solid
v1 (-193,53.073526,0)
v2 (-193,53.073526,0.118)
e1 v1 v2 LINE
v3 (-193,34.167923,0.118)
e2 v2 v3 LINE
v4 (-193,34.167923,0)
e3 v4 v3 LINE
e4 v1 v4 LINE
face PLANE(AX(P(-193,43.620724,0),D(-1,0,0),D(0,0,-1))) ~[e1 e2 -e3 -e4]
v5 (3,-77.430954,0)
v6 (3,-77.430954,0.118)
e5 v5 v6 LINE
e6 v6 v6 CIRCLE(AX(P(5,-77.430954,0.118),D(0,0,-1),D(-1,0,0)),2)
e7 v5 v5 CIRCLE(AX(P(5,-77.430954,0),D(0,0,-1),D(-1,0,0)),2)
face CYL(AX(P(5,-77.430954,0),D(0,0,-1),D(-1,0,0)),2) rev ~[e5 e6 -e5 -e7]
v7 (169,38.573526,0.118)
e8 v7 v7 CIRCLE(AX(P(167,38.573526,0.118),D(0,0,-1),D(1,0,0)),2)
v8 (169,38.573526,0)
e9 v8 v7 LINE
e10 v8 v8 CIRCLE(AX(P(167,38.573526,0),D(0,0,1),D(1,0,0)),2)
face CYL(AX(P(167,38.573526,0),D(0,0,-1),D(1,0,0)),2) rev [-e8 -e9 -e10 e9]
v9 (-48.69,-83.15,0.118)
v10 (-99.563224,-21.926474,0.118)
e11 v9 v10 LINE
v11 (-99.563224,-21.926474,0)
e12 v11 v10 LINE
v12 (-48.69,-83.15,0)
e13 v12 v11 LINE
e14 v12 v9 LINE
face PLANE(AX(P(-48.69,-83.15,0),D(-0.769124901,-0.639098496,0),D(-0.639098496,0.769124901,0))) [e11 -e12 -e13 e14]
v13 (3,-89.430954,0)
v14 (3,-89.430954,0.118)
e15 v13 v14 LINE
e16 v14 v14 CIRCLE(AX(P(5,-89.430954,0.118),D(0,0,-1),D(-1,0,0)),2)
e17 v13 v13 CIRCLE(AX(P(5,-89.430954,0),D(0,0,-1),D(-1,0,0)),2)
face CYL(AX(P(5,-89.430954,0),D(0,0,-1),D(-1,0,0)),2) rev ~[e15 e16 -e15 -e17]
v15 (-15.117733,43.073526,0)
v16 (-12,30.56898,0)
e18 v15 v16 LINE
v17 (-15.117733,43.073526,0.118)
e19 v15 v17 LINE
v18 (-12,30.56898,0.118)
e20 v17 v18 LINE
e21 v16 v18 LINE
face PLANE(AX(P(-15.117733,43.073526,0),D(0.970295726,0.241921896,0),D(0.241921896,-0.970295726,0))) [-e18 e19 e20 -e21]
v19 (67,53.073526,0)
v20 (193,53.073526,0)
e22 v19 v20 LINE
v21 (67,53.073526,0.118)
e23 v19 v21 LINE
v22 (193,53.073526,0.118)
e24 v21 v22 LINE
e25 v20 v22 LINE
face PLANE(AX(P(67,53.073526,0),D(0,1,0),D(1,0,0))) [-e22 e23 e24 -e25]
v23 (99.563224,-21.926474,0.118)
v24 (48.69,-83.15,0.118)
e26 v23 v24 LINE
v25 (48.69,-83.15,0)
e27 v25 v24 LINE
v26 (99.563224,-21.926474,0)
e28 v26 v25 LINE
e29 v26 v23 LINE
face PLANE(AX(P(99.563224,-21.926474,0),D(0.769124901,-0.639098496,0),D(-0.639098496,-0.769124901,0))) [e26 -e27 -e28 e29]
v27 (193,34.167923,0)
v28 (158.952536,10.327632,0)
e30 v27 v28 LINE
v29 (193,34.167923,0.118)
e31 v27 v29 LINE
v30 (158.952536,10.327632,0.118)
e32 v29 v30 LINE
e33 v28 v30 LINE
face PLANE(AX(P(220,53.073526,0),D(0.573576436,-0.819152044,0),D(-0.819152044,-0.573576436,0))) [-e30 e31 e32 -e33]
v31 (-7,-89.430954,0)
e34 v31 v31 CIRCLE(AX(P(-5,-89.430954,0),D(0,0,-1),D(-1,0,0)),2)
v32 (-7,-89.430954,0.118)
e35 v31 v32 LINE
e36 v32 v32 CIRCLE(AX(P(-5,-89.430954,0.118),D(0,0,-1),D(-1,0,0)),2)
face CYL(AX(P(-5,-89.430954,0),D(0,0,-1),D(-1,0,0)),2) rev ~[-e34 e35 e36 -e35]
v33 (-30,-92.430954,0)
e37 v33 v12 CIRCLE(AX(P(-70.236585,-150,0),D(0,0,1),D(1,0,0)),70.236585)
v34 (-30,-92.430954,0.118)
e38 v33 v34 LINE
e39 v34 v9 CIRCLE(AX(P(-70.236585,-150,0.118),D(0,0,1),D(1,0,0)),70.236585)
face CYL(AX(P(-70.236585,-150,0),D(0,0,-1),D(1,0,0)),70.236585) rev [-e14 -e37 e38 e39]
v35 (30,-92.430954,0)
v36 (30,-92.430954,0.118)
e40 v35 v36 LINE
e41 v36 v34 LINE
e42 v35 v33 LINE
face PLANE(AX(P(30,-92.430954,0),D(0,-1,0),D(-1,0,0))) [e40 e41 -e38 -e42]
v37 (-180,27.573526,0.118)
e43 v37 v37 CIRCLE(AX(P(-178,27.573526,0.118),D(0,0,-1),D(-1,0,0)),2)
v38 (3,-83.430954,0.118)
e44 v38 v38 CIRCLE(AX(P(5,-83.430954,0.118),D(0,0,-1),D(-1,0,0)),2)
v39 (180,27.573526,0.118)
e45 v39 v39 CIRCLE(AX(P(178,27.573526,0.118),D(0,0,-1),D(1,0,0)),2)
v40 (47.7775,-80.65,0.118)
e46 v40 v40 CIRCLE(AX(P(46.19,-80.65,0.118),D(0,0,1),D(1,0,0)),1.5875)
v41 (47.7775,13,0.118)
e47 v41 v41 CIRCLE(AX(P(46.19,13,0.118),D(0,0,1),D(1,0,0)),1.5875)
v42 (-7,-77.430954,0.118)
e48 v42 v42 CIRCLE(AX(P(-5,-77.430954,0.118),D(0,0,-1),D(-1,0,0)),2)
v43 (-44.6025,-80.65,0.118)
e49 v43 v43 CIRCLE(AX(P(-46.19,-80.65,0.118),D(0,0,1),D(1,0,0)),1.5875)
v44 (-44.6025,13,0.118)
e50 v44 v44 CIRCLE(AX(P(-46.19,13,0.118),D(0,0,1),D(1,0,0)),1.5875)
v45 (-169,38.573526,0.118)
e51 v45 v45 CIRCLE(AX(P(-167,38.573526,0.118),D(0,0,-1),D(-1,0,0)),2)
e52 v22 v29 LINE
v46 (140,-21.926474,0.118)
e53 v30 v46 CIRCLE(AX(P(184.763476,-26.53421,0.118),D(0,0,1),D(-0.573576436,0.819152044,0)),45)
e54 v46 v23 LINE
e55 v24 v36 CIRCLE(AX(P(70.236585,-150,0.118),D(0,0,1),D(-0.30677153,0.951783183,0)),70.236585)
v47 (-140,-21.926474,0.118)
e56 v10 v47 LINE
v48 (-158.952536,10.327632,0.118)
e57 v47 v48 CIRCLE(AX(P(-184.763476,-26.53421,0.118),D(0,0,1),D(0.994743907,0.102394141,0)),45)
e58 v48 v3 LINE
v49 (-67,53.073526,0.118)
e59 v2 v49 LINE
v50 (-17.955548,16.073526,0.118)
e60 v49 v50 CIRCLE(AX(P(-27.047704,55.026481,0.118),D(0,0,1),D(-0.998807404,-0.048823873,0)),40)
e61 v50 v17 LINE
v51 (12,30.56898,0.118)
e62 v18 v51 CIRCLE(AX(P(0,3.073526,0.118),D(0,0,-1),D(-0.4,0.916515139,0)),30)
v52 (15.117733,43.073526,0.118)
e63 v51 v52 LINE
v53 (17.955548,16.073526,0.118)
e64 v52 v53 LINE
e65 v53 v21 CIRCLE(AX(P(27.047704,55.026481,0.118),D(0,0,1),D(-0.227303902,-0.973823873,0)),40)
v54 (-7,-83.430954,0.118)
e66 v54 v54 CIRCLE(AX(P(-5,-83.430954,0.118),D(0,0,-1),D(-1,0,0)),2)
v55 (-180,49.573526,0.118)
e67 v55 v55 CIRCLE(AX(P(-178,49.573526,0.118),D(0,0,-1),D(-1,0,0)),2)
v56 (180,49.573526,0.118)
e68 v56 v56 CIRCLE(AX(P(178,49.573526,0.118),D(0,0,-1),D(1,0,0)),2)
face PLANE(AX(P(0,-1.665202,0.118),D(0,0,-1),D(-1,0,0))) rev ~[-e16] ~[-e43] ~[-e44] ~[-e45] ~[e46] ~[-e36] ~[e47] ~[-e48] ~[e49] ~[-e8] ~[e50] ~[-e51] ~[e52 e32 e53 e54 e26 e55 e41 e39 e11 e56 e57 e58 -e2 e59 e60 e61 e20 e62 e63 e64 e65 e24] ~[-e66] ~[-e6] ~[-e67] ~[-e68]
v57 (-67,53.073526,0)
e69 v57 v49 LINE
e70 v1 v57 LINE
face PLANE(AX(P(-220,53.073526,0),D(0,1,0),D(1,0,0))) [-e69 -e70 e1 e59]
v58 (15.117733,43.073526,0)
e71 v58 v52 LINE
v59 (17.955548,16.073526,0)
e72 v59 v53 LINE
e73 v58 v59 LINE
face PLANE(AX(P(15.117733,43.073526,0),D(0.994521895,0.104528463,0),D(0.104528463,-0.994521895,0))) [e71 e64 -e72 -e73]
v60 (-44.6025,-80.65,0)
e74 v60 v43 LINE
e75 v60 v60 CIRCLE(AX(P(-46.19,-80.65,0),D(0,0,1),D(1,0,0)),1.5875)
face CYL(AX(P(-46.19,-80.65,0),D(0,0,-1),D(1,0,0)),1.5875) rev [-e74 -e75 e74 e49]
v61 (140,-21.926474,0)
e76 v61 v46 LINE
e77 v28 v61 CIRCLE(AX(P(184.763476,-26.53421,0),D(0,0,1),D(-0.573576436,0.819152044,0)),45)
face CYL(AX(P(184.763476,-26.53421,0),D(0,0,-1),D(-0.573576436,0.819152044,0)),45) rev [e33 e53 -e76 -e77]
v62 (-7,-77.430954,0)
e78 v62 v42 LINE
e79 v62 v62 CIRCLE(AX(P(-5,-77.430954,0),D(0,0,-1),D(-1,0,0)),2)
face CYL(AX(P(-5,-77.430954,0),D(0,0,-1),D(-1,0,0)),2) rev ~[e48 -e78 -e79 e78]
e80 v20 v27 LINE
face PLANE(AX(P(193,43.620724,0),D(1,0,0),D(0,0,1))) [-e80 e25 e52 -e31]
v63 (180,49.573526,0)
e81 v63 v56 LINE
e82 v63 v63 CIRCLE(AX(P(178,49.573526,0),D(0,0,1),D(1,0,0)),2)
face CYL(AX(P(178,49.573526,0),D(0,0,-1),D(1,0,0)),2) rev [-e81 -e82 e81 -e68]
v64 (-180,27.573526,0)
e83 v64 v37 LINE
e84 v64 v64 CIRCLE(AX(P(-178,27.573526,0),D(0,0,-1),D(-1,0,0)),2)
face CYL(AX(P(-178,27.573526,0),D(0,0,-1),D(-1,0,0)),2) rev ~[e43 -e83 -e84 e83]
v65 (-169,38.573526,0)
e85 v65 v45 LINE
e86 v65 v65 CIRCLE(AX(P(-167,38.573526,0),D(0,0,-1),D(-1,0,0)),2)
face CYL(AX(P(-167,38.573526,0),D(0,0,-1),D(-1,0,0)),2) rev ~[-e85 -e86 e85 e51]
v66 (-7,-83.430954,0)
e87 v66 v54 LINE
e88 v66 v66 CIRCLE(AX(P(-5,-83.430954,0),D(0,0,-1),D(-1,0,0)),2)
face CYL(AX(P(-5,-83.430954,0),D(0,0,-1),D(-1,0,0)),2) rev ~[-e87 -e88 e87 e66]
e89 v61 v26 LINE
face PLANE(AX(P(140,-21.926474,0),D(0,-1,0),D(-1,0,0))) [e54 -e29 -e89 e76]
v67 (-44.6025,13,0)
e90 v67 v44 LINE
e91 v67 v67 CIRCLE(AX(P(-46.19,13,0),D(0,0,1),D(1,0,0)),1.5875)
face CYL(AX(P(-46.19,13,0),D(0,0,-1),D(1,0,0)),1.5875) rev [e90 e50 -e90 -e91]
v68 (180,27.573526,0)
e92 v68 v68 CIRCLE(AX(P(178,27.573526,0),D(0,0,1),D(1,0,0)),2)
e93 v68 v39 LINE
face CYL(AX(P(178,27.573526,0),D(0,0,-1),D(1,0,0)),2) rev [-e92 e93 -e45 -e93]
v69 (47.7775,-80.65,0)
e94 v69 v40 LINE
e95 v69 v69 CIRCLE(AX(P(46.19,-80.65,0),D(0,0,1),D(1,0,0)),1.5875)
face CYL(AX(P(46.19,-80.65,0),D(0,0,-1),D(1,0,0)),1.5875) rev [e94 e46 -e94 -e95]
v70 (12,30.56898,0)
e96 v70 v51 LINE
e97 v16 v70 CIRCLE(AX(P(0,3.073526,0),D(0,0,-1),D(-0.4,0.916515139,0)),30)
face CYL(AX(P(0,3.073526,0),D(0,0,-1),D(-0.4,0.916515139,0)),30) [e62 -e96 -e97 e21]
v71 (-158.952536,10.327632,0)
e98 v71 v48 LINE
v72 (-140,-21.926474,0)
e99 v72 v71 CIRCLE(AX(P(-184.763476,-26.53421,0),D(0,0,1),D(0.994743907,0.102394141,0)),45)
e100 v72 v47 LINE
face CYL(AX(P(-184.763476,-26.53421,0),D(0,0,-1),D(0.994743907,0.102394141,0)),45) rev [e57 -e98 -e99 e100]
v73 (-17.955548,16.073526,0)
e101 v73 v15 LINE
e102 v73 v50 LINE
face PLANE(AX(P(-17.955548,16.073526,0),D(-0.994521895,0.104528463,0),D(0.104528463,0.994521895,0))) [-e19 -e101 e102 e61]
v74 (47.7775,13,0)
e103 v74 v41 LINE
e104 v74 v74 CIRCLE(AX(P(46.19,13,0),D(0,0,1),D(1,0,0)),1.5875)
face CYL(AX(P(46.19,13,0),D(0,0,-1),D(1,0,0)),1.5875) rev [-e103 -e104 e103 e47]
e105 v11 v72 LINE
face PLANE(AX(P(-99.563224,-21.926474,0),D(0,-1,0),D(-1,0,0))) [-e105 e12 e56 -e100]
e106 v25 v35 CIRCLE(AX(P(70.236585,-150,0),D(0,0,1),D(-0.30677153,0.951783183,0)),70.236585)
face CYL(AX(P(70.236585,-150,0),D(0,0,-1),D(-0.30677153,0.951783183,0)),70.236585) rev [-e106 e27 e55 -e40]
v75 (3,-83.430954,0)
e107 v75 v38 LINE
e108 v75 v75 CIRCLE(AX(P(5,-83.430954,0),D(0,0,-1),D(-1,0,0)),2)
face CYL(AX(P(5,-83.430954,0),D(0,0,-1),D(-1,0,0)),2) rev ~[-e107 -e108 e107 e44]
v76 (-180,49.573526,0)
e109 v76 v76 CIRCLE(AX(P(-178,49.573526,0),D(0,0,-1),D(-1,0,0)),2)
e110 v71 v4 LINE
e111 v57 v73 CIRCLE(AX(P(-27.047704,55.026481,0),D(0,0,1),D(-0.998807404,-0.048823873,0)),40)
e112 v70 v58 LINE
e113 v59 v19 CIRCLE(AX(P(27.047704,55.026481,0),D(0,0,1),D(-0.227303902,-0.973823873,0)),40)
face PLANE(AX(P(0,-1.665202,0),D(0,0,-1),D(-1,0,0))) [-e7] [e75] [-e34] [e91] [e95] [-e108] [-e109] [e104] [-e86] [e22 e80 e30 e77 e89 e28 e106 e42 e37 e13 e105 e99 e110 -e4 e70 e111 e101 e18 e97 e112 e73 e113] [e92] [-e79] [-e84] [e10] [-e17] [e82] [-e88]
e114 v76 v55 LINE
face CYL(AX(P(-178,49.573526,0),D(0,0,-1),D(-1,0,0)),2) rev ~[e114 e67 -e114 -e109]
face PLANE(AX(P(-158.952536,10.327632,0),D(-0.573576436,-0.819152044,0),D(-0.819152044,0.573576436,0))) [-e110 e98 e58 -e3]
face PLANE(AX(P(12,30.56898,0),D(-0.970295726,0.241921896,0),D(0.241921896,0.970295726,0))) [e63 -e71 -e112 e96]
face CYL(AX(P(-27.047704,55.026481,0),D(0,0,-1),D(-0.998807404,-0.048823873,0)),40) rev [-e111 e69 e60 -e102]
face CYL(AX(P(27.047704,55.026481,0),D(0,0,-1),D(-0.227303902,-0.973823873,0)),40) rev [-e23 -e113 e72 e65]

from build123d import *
from OCP.BRepFilletAPI import BRepFilletAPI_MakeChamfer

# Parameters (mm, degrees)
SKETCH2_R           = 1.5875
BOSS_EXTRUDE1_DEPTH = 0.118
SKETCH3_R           = 2
CUT_EXTRUDE1_DEPTH  = 267.27056526
CHAMFER1_SIZE       = 27
CHAMFER1_SIZE2      = 32.960913897
SKETCH4_W           = 60
SKETCH4_H           = 115.138092234
CUT_EXTRUDE2_DEPTH  = 245.436114198
SKETCH5_R           = 2
CUT_EXTRUDE3_DEPTH  = 214.991810964
LPATTERN1_COUNT     = 3
LPATTERN1_PITCH     = 6


with BuildPart() as part:
    # Sketch2 → Boss-Extrude1 (new body)
    with BuildSketch(Plane.XY):
        with BuildLine():
            Line((99.563224144, -21.926473835), (48.69, -83.15))
            ThreePointArc((48.69, -83.15), (13.462751156, -108.648946204), (0, -150))
            ThreePointArc((0, -150), (-13.462751156, -108.648946204), (-48.69, -83.15))
            Line((-48.69, -83.15), (-99.563224144, -21.926473835))
            Line((-99.563224144, -21.926473835), (-140, -21.926473835))
            ThreePointArc((-140, -21.926473835), (-145.965681261, -3.736597624), (-158.952536164, 10.327631798))
            Line((-158.952536164, 10.327631798), (-220, 53.073526165))
            Line((-220, 53.073526165), (-67, 53.073526165))
            ThreePointArc((-67, 53.073526165), (-51.137889855, 23.094319589), (-17.95554779, 16.073526165))
            Line((-17.95554779, 16.073526165), (-15.117733438, 43.073526165))
            Line((-15.117733438, 43.073526165), (-12, 30.568980335))
            ThreePointArc((-12, 30.568980335), (0, 33.073526165), (12, 30.568980335))
            Line((12, 30.568980335), (15.117733438, 43.073526165))
            Line((15.117733438, 43.073526165), (17.95554779, 16.073526165))
            ThreePointArc((17.95554779, 16.073526165), (51.137889855, 23.094319589), (67, 53.073526165))
            Line((67, 53.073526165), (220, 53.073526165))
            Line((220, 53.073526165), (158.952536164, 10.327631798))
            ThreePointArc((158.952536164, 10.327631798), (145.965681261, -3.736597624), (140, -21.926473835))
            Line((140, -21.926473835), (99.563224144, -21.926473835))
        make_face()
        with Locations((46.19, 13)):
            Circle(SKETCH2_R, mode=Mode.SUBTRACT)
        with Locations((-46.19, 13)):
            Circle(SKETCH2_R, mode=Mode.SUBTRACT)
        with Locations((46.19, -80.65)):
            Circle(SKETCH2_R, mode=Mode.SUBTRACT)
        with Locations((-46.19, -80.65)):
            Circle(SKETCH2_R, mode=Mode.SUBTRACT)
    extrude(amount=BOSS_EXTRUDE1_DEPTH)

    # Sketch3 → Cut-Extrude1 (cut, through all)
    with BuildSketch(Plane(origin=(0, 0, 0), x_dir=(-1, 0, 0), z_dir=(0, 0, -1))):
        with Locations((178, 49.573526165)):
            Circle(SKETCH3_R)
        with Locations((178, 27.573526165)):
            Circle(SKETCH3_R)
        with Locations((167, 38.573526165)):
            Circle(SKETCH3_R)
    cut_extrude1 = extrude(amount=-CUT_EXTRUDE1_DEPTH, mode=Mode.SUBTRACT)

    # Mirror2: Cut-Extrude1 across plane
    add(cut_extrude1.mirror(Plane(origin=(0, 0, 0), x_dir=(0, 0, 1), z_dir=(1, 0, 0))), mode=Mode.SUBTRACT)

    # Chamfer1: one chamfer whose edges measure the first distance from different faces: ONE call of the kernel's chamfer builder (chamfer() names one face for all edges)
    chamfer1_edges_1 = [part.edges().sort_by_distance(p)[0] for p in [
        (220, 53.073526165, 0.059),
    ]]
    chamfer1_side_1 = [part.faces().sort_by_distance(p)[0] for p in [
        (143.5, 53.073526165, 0.059),
    ]]
    chamfer1_edges_2 = [part.edges().sort_by_distance(p)[0] for p in [
        (-220, 53.073526165, 0.059),
    ]]
    chamfer1_side_2 = [part.faces().sort_by_distance(p)[0] for p in [
        (-143.5, 53.073526165, 0.059),
    ]]
    chamfer1 = BRepFilletAPI_MakeChamfer(part.part.solid().wrapped)
    for e in chamfer1_edges_1:
        chamfer1.Add(CHAMFER1_SIZE, CHAMFER1_SIZE2, e.wrapped, chamfer1_side_1[0].wrapped)  # the first distance lies on this face
    for e in chamfer1_edges_2:
        chamfer1.Add(CHAMFER1_SIZE, CHAMFER1_SIZE2, e.wrapped, chamfer1_side_2[0].wrapped)  # the first distance lies on this face
    add(Compound.cast(chamfer1.Shape()), mode=Mode.REPLACE)

    # Sketch4 → Cut-Extrude2 (cut, through all)
    with BuildSketch(Plane(origin=(0, 0, 0), x_dir=(-1, 0, 0), z_dir=(0, 0, -1))):
        with Locations((0, -150)):
            Rectangle(SKETCH4_W, SKETCH4_H)
    extrude(amount=-CUT_EXTRUDE2_DEPTH, mode=Mode.SUBTRACT)

    # Sketch5 → Cut-Extrude3 (cut, through all)
    with BuildSketch(Plane(origin=(0, 0, 0), x_dir=(-1, 0, 0), z_dir=(0, 0, -1))):
        with Locations((-5, -89.430953883)):
            Circle(SKETCH5_R)
        with Locations((5, -89.430953883)):
            Circle(SKETCH5_R)
    cut_extrude3 = extrude(amount=-CUT_EXTRUDE3_DEPTH, mode=Mode.SUBTRACT)

    # LPattern1: Cut-Extrude3 ×3
    with Locations(*[(0, i * LPATTERN1_PITCH, 0) for i in range(1, LPATTERN1_COUNT)]):
        add(cut_extrude3, mode=Mode.SUBTRACT)


solid = part.part
